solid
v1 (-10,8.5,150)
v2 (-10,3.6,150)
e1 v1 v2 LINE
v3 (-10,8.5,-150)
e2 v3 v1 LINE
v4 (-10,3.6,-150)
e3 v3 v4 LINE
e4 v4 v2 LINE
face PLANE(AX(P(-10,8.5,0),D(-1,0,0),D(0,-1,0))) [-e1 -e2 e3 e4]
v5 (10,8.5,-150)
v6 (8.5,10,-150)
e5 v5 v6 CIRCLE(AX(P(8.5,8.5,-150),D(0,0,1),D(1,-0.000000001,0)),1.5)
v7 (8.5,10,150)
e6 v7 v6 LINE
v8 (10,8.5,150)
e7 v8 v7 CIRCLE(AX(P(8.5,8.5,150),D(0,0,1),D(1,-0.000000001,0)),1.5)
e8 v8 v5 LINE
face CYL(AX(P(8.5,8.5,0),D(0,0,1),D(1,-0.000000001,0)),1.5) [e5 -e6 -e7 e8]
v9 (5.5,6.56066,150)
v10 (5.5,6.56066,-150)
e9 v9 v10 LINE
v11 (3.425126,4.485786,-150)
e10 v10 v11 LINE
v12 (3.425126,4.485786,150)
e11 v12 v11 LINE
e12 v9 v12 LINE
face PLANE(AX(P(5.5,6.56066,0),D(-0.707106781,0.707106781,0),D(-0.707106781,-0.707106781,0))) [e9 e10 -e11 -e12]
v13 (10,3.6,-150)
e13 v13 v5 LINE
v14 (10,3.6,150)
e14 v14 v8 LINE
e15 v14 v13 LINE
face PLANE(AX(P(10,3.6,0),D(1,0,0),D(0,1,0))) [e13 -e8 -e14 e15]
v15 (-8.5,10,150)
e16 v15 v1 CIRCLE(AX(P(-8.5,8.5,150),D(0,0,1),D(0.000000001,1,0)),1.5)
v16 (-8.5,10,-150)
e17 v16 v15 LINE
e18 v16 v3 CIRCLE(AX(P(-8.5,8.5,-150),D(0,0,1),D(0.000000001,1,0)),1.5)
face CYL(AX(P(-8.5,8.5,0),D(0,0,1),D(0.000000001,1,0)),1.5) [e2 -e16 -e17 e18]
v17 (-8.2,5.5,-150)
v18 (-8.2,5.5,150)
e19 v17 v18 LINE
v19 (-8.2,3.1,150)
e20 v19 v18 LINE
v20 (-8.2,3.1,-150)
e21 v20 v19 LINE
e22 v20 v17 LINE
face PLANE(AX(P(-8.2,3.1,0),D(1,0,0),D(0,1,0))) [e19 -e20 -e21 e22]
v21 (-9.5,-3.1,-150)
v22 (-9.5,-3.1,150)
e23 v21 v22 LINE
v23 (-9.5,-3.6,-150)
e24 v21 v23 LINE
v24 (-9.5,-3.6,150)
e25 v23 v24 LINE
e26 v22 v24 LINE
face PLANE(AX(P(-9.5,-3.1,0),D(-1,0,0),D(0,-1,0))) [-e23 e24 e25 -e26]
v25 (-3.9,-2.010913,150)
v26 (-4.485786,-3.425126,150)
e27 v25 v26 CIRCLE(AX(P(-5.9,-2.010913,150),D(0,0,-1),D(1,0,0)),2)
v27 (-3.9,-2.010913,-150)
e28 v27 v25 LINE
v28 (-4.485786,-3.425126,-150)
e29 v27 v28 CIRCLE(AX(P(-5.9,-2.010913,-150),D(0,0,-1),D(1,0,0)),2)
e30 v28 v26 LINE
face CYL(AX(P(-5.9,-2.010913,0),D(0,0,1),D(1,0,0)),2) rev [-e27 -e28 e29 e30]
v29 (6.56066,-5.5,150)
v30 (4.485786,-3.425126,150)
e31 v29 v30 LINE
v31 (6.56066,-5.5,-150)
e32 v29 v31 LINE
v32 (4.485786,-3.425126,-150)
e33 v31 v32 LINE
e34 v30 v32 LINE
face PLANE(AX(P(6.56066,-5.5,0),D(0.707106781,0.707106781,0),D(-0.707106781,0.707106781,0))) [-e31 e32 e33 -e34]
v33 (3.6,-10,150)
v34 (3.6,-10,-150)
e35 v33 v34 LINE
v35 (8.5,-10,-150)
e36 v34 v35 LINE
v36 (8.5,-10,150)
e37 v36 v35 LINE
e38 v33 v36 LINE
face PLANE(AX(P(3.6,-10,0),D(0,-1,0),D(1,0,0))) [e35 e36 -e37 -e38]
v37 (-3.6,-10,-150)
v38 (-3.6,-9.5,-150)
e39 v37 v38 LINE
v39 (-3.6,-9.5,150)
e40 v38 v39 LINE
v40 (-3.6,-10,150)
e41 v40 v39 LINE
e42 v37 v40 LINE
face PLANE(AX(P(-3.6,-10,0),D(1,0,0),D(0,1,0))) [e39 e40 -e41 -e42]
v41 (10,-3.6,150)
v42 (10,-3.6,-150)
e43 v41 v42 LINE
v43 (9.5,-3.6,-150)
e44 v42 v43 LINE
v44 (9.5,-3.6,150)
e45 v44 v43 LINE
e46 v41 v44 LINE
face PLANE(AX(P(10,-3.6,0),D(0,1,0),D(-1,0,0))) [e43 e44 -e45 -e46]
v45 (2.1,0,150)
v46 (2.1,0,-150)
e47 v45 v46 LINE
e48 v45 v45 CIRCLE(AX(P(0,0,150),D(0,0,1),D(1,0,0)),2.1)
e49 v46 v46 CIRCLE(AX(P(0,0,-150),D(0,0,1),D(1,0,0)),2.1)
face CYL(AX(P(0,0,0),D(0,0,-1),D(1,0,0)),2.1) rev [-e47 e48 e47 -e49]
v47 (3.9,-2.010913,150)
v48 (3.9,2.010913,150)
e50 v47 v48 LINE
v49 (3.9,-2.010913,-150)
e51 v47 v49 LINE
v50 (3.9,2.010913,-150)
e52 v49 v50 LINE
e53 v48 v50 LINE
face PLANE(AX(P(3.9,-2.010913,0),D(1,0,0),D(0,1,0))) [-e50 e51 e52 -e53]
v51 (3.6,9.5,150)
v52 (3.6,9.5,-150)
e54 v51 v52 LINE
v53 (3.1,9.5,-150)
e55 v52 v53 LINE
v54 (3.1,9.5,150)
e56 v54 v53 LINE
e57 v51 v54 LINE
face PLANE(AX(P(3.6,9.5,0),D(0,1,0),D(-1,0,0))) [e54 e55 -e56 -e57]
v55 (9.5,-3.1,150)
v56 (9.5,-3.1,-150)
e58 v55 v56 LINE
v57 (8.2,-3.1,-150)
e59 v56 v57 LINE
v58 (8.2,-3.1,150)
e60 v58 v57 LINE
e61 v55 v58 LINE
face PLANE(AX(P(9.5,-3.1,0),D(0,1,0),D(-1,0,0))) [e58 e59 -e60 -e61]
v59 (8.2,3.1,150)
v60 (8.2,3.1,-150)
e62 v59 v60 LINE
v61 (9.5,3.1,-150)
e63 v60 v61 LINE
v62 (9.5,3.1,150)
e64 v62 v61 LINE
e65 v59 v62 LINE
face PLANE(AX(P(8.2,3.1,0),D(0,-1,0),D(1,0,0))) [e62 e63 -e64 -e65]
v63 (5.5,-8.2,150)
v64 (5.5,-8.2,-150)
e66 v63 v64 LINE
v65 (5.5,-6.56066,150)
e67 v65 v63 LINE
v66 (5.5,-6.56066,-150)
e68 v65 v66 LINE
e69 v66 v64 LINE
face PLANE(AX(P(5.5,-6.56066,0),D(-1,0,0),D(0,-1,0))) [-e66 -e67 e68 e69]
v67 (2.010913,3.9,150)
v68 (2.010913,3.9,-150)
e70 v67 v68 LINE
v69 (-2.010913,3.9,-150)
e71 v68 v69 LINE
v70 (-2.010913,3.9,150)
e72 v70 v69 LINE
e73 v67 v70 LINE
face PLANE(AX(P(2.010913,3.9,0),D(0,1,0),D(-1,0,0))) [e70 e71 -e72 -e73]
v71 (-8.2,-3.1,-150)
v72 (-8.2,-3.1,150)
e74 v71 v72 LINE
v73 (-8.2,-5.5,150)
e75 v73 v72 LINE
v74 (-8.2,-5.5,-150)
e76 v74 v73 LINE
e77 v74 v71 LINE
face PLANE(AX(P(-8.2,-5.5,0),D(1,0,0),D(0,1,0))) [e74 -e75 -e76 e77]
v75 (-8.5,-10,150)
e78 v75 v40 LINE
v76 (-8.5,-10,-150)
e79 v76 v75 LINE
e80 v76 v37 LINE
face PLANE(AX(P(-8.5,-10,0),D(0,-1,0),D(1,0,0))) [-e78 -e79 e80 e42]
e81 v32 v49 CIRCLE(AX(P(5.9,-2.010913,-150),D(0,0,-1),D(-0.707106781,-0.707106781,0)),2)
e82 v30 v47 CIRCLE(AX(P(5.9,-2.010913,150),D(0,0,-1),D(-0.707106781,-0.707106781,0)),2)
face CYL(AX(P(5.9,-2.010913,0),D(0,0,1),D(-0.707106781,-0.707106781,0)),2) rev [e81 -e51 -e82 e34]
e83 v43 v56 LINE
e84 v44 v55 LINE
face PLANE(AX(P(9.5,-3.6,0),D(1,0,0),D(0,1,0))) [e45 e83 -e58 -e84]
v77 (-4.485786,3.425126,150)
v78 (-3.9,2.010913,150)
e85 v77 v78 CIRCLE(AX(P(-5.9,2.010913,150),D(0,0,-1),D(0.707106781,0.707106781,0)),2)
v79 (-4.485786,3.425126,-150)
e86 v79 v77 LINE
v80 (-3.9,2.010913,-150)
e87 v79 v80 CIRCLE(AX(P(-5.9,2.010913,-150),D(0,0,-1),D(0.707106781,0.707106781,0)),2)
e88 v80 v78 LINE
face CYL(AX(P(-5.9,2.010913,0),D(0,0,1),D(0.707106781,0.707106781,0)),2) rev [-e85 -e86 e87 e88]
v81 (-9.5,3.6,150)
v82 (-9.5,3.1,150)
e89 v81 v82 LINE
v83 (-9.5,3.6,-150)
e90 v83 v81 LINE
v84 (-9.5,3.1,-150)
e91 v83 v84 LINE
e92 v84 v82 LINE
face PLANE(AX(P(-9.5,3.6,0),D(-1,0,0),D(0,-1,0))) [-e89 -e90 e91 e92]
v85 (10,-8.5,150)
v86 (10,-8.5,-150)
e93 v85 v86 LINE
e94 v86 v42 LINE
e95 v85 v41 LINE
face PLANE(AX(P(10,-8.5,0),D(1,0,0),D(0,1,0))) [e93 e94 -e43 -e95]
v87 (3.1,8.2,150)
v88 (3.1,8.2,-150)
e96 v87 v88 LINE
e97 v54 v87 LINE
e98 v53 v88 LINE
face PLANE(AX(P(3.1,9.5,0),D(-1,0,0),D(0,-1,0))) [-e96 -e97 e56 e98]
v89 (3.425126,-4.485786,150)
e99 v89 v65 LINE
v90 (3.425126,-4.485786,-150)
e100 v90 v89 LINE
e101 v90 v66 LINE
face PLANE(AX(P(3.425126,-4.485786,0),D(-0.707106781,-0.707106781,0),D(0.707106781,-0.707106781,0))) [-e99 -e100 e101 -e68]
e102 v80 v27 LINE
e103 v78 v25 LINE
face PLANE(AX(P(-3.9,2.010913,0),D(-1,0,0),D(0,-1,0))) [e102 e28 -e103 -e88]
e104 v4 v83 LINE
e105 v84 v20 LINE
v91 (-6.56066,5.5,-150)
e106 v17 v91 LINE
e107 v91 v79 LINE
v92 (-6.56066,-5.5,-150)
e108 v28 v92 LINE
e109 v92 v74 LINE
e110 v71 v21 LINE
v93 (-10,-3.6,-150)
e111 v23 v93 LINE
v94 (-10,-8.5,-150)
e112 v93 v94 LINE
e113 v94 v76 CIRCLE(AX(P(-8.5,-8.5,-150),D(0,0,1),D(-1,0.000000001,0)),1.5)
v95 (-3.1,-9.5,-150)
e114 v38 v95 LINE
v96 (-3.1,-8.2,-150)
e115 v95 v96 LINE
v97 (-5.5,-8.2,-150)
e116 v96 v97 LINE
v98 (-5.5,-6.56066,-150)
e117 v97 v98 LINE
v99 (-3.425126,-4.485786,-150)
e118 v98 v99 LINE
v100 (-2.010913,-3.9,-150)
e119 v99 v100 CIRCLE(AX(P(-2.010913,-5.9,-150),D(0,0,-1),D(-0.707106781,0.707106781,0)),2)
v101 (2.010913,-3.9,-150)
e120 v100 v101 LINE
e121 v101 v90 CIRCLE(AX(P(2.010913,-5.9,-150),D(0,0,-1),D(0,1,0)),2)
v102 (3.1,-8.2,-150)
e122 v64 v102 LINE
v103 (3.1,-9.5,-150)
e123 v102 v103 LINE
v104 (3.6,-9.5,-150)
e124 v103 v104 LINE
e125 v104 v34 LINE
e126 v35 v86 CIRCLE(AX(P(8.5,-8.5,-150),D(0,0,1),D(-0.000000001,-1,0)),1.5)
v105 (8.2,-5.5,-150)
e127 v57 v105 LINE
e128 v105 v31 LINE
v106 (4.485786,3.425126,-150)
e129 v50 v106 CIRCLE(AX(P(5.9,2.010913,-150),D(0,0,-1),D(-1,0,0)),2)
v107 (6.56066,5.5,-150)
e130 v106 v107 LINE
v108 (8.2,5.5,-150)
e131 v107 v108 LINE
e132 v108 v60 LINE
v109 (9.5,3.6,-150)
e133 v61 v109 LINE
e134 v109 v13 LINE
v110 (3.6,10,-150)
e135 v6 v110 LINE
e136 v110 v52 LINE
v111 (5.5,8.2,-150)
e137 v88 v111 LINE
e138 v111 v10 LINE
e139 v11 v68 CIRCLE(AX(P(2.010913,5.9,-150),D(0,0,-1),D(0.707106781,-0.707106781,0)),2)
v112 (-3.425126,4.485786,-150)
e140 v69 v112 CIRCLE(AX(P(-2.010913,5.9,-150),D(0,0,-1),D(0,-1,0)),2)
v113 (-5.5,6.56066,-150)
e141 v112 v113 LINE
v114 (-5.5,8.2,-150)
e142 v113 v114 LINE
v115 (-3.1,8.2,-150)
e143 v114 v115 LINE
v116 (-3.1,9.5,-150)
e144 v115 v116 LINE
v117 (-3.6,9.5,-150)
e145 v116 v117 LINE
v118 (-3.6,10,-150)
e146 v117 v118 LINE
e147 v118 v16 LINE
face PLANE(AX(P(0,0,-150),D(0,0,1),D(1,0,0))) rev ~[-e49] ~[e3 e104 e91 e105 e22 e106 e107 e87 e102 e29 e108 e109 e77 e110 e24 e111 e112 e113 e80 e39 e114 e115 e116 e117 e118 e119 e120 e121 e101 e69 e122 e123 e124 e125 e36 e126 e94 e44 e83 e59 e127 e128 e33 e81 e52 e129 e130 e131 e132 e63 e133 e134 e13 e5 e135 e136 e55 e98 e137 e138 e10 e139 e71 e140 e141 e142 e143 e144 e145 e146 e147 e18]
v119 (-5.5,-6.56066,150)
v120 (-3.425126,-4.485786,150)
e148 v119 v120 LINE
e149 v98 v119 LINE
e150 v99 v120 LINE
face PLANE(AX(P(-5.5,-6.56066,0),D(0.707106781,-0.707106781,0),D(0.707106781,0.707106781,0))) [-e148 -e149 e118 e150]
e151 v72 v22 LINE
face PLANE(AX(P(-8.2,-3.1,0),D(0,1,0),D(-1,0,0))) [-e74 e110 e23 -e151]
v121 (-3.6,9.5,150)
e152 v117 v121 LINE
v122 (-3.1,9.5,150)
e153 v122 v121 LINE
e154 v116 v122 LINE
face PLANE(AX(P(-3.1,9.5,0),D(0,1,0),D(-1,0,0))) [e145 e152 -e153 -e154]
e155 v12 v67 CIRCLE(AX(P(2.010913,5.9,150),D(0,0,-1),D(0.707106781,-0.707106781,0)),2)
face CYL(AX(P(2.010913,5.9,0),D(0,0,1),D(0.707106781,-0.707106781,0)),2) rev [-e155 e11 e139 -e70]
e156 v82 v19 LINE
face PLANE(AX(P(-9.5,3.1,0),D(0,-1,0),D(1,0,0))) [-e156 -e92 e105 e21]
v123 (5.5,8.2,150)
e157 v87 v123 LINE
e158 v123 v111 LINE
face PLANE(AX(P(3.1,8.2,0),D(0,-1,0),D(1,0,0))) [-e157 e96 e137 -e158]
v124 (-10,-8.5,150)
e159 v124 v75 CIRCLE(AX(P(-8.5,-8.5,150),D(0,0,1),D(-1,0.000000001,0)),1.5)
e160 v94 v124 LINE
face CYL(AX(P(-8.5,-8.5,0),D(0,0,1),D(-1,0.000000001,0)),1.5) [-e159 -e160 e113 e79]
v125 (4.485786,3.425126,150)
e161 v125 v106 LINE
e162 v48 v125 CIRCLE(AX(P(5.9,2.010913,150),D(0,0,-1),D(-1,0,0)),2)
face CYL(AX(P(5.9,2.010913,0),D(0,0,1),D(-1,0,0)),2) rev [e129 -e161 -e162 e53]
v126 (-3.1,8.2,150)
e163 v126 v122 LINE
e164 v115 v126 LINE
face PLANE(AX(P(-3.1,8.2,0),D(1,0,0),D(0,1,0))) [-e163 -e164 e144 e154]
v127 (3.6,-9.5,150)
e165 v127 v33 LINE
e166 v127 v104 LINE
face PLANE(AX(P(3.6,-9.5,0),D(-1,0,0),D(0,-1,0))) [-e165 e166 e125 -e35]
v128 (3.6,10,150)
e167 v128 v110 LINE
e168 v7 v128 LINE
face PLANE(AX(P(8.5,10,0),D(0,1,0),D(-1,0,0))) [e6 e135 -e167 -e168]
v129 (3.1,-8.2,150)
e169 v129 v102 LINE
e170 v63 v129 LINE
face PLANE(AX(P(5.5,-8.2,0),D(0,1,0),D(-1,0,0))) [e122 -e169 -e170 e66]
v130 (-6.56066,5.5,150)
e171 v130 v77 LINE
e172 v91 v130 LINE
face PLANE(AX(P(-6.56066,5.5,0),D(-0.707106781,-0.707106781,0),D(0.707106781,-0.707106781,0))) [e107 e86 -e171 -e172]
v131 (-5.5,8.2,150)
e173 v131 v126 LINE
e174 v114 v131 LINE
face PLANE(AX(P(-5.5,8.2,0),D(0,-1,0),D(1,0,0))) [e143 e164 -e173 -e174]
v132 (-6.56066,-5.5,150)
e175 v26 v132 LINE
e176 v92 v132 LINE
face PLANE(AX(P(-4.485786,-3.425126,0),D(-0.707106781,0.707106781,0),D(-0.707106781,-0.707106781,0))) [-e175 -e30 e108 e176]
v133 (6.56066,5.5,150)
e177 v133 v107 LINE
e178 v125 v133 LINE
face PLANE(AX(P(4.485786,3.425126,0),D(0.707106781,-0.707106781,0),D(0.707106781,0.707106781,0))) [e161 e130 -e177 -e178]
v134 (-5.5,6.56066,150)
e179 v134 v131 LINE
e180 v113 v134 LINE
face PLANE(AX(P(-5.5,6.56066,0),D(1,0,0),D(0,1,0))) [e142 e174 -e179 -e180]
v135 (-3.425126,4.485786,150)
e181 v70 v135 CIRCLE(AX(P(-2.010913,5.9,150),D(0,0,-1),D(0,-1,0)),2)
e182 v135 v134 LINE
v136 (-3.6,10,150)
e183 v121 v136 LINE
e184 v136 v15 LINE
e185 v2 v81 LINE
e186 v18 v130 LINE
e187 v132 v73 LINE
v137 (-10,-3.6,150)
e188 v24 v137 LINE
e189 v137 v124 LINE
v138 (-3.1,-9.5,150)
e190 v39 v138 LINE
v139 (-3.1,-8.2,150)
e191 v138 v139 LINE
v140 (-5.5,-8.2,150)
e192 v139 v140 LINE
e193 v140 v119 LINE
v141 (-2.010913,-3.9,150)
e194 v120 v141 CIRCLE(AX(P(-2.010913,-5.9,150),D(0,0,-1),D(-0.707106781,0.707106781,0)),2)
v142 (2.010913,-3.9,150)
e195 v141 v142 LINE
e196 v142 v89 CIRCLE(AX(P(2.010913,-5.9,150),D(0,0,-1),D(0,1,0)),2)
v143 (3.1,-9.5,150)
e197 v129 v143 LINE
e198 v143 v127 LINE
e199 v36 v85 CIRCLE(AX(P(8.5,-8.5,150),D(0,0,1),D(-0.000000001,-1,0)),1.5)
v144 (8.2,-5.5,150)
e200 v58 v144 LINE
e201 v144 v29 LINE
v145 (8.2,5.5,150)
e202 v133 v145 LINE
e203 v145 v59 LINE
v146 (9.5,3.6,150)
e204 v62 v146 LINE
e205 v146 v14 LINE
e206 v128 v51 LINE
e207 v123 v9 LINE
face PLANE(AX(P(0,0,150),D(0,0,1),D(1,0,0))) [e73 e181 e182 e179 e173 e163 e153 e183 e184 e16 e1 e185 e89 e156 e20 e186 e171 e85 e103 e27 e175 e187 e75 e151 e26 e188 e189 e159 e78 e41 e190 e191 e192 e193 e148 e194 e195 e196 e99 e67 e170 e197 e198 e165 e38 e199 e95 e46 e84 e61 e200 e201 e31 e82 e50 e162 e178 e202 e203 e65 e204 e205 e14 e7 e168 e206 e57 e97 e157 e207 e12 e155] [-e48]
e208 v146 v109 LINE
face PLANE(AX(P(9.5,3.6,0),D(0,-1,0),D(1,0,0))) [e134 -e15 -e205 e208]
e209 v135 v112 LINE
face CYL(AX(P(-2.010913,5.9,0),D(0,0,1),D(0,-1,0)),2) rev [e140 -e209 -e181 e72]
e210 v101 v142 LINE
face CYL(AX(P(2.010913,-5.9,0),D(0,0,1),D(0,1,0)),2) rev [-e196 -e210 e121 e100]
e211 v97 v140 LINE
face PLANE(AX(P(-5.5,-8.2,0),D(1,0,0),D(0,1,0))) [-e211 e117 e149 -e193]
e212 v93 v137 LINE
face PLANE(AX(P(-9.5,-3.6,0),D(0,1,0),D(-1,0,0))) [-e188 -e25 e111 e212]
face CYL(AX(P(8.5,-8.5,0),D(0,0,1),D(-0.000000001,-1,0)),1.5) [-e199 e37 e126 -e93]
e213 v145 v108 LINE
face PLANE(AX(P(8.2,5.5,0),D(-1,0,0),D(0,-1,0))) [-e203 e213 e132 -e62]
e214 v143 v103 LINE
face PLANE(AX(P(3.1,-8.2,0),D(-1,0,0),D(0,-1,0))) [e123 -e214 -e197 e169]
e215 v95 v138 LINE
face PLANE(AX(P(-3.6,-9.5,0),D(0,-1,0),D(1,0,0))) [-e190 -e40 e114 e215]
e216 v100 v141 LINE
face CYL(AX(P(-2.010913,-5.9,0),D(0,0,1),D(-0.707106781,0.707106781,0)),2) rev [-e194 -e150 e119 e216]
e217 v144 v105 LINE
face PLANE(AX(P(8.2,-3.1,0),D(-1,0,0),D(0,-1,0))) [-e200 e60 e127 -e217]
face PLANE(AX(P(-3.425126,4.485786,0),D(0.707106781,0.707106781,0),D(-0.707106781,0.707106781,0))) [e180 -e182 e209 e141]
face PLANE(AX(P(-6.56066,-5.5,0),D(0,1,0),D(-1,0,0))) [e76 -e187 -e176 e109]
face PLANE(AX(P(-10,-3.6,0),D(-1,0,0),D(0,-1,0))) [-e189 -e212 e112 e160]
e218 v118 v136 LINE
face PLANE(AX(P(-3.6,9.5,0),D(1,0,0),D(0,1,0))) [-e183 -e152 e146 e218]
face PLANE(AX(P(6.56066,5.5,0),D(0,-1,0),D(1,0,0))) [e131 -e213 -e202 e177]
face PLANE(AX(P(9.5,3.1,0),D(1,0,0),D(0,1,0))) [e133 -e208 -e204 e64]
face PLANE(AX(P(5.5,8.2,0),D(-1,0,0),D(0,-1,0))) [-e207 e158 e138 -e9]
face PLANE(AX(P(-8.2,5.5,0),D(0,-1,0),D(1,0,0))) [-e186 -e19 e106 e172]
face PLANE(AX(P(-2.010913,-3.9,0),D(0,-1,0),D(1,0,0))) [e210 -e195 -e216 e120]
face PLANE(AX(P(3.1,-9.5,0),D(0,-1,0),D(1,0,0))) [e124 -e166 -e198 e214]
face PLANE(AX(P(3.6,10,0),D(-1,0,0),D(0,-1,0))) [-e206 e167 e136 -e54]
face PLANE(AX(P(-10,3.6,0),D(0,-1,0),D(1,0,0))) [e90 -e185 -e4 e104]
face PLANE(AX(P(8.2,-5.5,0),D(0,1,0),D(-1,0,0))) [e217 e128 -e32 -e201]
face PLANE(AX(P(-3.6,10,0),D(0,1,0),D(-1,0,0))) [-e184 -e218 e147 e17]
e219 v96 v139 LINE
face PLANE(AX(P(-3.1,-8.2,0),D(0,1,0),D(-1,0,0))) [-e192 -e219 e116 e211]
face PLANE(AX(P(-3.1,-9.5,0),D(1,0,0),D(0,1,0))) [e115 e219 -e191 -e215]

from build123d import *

# Parameters (mm, degrees)
SKETCH_1_R      = 2.1
EXTRUDE_1_DEPTH = 150


with BuildPart() as part:
    # 草图1 → 凸台-拉伸1 (new body, symmetric)
    with BuildSketch(Plane.XY):
        with BuildLine():
            Line((-3.425126266, 4.485786438), (-5.5, 6.560660172))
            Line((-5.5, 6.560660172), (-5.5, 8.2))
            Line((-5.5, 8.2), (-3.1, 8.2))
            Line((-3.1, 8.2), (-3.1, 9.5))
            Line((-3.1, 9.5), (-3.6, 9.5))
            Line((-3.6, 9.5), (-3.6, 10))
            Line((-3.6, 10), (-8.5, 10))
            ThreePointArc((-8.5, 10), (-9.560660172, 9.560660172), (-10, 8.5))
            Line((-10, 8.5), (-10, 3.6))
            Line((-10, 3.6), (-9.5, 3.6))
            Line((-9.5, 3.6), (-9.5, 3.1))
            Line((-9.5, 3.1), (-8.2, 3.1))
            Line((-8.2, 3.1), (-8.2, 5.5))
            Line((-8.2, 5.5), (-6.560660172, 5.5))
            Line((-6.560660172, 5.5), (-4.485786438, 3.425126266))
            ThreePointArc((-4.485786438, 3.425126266), (-4.052240935, 2.776279568), (-3.9, 2.010912703))
            Line((-3.9, 2.010912703), (-3.9, -2.010912703))
            ThreePointArc((-3.9, -2.010912703), (-4.052240935, -2.776279568), (-4.485786438, -3.425126266))
            Line((-4.485786438, -3.425126266), (-6.560660172, -5.5))
            Line((-6.560660172, -5.5), (-8.2, -5.5))
            Line((-8.2, -5.5), (-8.2, -3.1))
            Line((-8.2, -3.1), (-9.5, -3.1))
            Line((-9.5, -3.1), (-9.5, -3.6))
            Line((-9.5, -3.6), (-10, -3.6))
            Line((-10, -3.6), (-10, -8.5))
            ThreePointArc((-10, -8.5), (-9.560660172, -9.560660172), (-8.5, -10))
            Line((-8.5, -10), (-3.6, -10))
            Line((-3.6, -10), (-3.6, -9.5))
            Line((-3.6, -9.5), (-3.1, -9.5))
            Line((-3.1, -9.5), (-3.1, -8.2))
            Line((-3.1, -8.2), (-5.5, -8.2))
            Line((-5.5, -8.2), (-5.5, -6.560660172))
            Line((-5.5, -6.560660172), (-3.425126266, -4.485786438))
            ThreePointArc((-3.425126266, -4.485786438), (-2.776279568, -4.052240935), (-2.010912703, -3.9))
            Line((-2.010912703, -3.9), (2.010912703, -3.9))
            ThreePointArc((2.010912703, -3.9), (2.776279568, -4.052240935), (3.425126266, -4.485786438))
            Line((3.425126266, -4.485786438), (5.5, -6.560660172))
            Line((5.5, -6.560660172), (5.5, -8.2))
            Line((5.5, -8.2), (3.1, -8.2))
            Line((3.1, -8.2), (3.1, -9.5))
            Line((3.1, -9.5), (3.6, -9.5))
            Line((3.6, -9.5), (3.6, -10))
            Line((3.6, -10), (8.5, -10))
            ThreePointArc((8.5, -10), (9.560660172, -9.560660172), (10, -8.5))
            Line((10, -8.5), (10, -3.6))
            Line((10, -3.6), (9.5, -3.6))
            Line((9.5, -3.6), (9.5, -3.1))
            Line((9.5, -3.1), (8.2, -3.1))
            Line((8.2, -3.1), (8.2, -5.5))
            Line((8.2, -5.5), (6.560660172, -5.5))
            Line((6.560660172, -5.5), (4.485786438, -3.425126266))
            ThreePointArc((4.485786438, -3.425126266), (4.052240935, -2.776279568), (3.9, -2.010912703))
            Line((3.9, -2.010912703), (3.9, 2.010912703))
            ThreePointArc((3.9, 2.010912703), (4.052240935, 2.776279568), (4.485786438, 3.425126266))
            Line((4.485786438, 3.425126266), (6.560660172, 5.5))
            Line((6.560660172, 5.5), (8.2, 5.5))
            Line((8.2, 5.5), (8.2, 3.1))
            Line((8.2, 3.1), (9.5, 3.1))
            Line((9.5, 3.1), (9.5, 3.6))
            Line((9.5, 3.6), (10, 3.6))
            Line((10, 3.6), (10, 8.5))
            ThreePointArc((10, 8.5), (9.560660172, 9.560660172), (8.5, 10))
            Line((8.5, 10), (3.6, 10))
            Line((3.6, 10), (3.6, 9.5))
            Line((3.6, 9.5), (3.1, 9.5))
            Line((3.1, 9.5), (3.1, 8.2))
            Line((3.1, 8.2), (5.5, 8.2))
            Line((5.5, 8.2), (5.5, 6.560660172))
            Line((5.5, 6.560660172), (3.425126266, 4.485786438))
            ThreePointArc((3.425126266, 4.485786438), (2.776279568, 4.052240935), (2.010912703, 3.9))
            Line((2.010912703, 3.9), (-2.010912703, 3.9))
            ThreePointArc((-2.010912703, 3.9), (-2.776279568, 4.052240935), (-3.425126266, 4.485786438))
        make_face()
        Circle(SKETCH_1_R, mode=Mode.SUBTRACT)
    extrude(amount=EXTRUDE_1_DEPTH, both=True)


solid = part.part
